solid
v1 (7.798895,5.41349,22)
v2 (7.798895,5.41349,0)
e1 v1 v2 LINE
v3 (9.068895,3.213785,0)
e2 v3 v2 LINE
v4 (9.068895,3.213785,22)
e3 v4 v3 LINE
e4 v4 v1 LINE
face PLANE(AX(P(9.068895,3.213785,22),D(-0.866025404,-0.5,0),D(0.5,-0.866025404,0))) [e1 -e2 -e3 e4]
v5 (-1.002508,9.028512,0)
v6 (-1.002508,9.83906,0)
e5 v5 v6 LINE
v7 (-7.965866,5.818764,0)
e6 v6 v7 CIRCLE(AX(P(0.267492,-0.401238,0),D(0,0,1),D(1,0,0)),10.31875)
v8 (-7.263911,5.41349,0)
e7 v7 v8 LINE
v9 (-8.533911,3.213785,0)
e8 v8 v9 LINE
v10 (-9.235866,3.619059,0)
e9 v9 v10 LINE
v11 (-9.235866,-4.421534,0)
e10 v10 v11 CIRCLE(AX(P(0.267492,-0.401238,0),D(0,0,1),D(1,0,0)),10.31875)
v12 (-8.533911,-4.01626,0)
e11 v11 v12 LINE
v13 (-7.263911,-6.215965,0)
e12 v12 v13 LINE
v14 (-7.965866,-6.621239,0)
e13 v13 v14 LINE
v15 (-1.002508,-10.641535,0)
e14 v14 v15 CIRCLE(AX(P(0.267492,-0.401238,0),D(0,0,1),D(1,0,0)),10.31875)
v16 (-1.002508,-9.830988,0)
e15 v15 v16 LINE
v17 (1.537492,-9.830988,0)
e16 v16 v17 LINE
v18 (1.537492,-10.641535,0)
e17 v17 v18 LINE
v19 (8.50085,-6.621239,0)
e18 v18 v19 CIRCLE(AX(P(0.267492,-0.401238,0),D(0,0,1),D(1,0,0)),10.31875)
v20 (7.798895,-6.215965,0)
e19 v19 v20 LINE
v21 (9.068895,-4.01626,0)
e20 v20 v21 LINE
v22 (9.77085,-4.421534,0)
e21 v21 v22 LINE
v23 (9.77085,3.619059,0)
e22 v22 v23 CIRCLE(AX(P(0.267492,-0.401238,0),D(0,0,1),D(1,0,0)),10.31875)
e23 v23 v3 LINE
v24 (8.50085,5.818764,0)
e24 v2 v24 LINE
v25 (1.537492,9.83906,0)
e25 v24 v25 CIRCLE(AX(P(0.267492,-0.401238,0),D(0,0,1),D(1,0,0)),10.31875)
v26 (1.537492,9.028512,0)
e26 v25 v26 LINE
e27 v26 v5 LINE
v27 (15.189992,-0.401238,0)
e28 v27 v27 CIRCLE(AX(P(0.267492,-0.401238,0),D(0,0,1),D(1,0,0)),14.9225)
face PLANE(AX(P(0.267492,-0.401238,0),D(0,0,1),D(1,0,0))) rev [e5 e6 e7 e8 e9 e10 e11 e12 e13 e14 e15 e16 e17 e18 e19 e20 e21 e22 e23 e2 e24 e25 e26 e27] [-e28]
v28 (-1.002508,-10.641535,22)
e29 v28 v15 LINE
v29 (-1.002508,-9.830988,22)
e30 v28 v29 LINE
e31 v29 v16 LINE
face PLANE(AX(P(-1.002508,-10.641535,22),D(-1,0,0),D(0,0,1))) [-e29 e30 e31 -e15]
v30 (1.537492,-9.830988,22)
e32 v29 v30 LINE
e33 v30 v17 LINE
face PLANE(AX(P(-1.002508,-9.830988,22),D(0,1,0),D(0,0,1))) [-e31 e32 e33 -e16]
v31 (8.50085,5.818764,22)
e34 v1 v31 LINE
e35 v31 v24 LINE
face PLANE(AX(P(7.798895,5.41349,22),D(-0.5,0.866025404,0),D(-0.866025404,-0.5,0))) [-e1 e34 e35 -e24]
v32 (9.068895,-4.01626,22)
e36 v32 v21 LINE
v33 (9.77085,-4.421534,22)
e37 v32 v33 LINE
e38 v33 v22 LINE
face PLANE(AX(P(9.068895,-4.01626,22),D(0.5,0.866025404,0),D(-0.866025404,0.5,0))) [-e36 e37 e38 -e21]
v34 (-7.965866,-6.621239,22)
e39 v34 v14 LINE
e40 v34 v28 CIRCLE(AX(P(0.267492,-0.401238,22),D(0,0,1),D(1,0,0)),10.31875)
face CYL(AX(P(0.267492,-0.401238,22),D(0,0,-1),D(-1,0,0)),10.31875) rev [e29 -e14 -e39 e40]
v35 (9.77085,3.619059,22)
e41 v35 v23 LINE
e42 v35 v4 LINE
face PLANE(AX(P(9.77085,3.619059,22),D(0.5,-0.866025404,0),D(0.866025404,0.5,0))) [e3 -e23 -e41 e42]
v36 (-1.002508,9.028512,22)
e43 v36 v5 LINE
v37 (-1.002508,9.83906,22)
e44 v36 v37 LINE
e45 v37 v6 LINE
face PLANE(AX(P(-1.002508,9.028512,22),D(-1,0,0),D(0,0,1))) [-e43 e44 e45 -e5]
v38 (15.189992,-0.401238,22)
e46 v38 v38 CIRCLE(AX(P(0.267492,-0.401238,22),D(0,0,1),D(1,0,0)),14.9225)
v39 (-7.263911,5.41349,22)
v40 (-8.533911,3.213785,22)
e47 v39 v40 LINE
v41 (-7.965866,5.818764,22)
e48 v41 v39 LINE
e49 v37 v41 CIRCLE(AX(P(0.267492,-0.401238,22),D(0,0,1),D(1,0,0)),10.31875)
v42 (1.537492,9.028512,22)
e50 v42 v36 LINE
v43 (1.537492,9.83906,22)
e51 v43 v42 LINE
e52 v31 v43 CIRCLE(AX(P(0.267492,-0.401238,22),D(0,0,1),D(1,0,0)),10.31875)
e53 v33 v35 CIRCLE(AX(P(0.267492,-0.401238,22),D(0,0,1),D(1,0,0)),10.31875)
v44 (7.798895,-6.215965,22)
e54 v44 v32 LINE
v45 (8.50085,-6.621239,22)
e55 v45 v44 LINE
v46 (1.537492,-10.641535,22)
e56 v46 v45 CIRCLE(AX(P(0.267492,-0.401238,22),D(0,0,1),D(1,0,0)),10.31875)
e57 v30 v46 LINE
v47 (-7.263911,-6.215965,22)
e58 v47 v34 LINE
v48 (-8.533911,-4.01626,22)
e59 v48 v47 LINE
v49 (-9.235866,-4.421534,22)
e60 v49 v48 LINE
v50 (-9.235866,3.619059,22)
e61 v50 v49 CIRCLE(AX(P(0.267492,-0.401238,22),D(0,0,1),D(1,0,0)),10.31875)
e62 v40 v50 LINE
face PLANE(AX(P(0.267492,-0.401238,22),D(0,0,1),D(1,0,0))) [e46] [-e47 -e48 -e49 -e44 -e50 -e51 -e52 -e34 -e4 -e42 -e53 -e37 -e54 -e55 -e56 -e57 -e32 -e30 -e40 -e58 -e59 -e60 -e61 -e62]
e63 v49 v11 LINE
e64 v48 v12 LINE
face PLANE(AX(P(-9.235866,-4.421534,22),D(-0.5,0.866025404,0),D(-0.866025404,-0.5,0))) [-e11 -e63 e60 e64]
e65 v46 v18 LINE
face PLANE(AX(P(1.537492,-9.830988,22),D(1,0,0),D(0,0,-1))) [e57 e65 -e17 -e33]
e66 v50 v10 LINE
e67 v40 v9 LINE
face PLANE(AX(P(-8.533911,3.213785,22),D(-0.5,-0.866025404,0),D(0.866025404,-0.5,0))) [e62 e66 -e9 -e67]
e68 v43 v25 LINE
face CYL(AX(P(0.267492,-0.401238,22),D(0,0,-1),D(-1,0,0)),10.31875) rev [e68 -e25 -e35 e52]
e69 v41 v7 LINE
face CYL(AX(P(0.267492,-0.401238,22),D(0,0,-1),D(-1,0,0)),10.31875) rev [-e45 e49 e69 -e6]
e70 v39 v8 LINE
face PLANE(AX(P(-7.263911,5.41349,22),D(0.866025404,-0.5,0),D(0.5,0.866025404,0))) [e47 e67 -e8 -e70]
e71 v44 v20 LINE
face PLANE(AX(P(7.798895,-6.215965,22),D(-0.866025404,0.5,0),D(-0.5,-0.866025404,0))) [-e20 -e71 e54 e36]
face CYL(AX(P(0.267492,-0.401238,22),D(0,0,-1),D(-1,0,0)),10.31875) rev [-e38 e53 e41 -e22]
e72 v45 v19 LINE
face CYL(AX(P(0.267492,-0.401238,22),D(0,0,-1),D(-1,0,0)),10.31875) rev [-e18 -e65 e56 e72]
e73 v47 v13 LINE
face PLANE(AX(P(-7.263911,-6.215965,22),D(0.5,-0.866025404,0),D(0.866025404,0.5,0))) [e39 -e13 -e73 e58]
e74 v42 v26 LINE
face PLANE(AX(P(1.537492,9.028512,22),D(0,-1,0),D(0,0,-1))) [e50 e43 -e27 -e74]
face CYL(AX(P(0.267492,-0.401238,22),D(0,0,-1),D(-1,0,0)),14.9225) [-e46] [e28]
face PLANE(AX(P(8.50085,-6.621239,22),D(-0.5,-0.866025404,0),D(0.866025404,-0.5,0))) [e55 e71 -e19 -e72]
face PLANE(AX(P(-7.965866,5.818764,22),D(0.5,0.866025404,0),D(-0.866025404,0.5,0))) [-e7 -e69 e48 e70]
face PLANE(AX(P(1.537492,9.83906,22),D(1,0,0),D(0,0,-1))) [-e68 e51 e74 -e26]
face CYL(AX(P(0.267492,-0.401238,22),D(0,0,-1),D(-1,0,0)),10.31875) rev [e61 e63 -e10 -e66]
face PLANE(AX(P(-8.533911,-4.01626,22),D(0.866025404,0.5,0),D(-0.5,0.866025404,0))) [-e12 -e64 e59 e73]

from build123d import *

# Parameters (mm, degrees)
SKETCH_1_R      = 14.9225
EXTRUDE_1_DEPTH = 22


with BuildPart() as part:
    # Эскиз1 → Бобышка-Вытянуть1 (new body)
    with BuildSketch(Plane.XY):
        with Locations((0.26749168, -0.40123752)):
            Circle(SKETCH_1_R)
        with BuildLine():
            Line((9.068894716, -4.016260259), (9.770849808, -4.421534221))
            ThreePointArc((9.770849808, -4.421534221), (10.58624167, -0.401237512), (9.770849811, 3.619059197))
            Line((9.770849811, 3.619059197), (9.068894716, 3.213785234))
            Line((9.068894716, 3.213785234), (7.798894722, 5.413489748))
            Line((7.798894722, 5.413489748), (8.500849816, 5.81876371))
            ThreePointArc((8.500849816, 5.81876371), (5.426866673, 8.535062117), (1.537491677, 9.839060403))
            Line((1.537491677, 9.839060403), (1.537491677, 9.02851248))
            Line((1.537491677, 9.02851248), (-1.002508323, 9.02851248))
            Line((-1.002508323, 9.02851248), (-1.002508323, 9.839060408))
            ThreePointArc((-1.002508323, 9.839060408), (-4.891883323, 8.535062121), (-7.965866467, 5.818763712))
            Line((-7.965866467, 5.818763712), (-7.26391137, 5.413489747))
            Line((-7.26391137, 5.413489747), (-8.533911366, 3.213785229))
            Line((-8.533911366, 3.213785229), (-9.235866458, 3.61905919))
            ThreePointArc((-9.235866458, 3.61905919), (-10.05125832, -0.401237517), (-9.235866461, -4.421534225))
            Line((-9.235866461, -4.421534225), (-8.533911367, -4.016260262))
            Line((-8.533911367, -4.016260262), (-7.263911371, -6.215964781))
            Line((-7.263911371, -6.215964781), (-7.965866465, -6.621238743))
            ThreePointArc((-7.965866465, -6.621238743), (-4.891883323, -9.337537149), (-1.002508328, -10.641535436))
            Line((-1.002508328, -10.641535436), (-1.002508328, -9.830987512))
            Line((-1.002508328, -9.830987512), (1.537491672, -9.830987512))
            Line((1.537491672, -9.830987512), (1.537491672, -10.641535441))
            ThreePointArc((1.537491672, -10.641535441), (5.426866673, -9.337537153), (8.500849818, -6.621238742))
            Line((8.500849818, -6.621238742), (7.79889472, -6.215964777))
            Line((7.79889472, -6.215964777), (9.068894716, -4.016260259))
        make_face(mode=Mode.SUBTRACT)
    extrude(amount=EXTRUDE_1_DEPTH)


solid = part.part
